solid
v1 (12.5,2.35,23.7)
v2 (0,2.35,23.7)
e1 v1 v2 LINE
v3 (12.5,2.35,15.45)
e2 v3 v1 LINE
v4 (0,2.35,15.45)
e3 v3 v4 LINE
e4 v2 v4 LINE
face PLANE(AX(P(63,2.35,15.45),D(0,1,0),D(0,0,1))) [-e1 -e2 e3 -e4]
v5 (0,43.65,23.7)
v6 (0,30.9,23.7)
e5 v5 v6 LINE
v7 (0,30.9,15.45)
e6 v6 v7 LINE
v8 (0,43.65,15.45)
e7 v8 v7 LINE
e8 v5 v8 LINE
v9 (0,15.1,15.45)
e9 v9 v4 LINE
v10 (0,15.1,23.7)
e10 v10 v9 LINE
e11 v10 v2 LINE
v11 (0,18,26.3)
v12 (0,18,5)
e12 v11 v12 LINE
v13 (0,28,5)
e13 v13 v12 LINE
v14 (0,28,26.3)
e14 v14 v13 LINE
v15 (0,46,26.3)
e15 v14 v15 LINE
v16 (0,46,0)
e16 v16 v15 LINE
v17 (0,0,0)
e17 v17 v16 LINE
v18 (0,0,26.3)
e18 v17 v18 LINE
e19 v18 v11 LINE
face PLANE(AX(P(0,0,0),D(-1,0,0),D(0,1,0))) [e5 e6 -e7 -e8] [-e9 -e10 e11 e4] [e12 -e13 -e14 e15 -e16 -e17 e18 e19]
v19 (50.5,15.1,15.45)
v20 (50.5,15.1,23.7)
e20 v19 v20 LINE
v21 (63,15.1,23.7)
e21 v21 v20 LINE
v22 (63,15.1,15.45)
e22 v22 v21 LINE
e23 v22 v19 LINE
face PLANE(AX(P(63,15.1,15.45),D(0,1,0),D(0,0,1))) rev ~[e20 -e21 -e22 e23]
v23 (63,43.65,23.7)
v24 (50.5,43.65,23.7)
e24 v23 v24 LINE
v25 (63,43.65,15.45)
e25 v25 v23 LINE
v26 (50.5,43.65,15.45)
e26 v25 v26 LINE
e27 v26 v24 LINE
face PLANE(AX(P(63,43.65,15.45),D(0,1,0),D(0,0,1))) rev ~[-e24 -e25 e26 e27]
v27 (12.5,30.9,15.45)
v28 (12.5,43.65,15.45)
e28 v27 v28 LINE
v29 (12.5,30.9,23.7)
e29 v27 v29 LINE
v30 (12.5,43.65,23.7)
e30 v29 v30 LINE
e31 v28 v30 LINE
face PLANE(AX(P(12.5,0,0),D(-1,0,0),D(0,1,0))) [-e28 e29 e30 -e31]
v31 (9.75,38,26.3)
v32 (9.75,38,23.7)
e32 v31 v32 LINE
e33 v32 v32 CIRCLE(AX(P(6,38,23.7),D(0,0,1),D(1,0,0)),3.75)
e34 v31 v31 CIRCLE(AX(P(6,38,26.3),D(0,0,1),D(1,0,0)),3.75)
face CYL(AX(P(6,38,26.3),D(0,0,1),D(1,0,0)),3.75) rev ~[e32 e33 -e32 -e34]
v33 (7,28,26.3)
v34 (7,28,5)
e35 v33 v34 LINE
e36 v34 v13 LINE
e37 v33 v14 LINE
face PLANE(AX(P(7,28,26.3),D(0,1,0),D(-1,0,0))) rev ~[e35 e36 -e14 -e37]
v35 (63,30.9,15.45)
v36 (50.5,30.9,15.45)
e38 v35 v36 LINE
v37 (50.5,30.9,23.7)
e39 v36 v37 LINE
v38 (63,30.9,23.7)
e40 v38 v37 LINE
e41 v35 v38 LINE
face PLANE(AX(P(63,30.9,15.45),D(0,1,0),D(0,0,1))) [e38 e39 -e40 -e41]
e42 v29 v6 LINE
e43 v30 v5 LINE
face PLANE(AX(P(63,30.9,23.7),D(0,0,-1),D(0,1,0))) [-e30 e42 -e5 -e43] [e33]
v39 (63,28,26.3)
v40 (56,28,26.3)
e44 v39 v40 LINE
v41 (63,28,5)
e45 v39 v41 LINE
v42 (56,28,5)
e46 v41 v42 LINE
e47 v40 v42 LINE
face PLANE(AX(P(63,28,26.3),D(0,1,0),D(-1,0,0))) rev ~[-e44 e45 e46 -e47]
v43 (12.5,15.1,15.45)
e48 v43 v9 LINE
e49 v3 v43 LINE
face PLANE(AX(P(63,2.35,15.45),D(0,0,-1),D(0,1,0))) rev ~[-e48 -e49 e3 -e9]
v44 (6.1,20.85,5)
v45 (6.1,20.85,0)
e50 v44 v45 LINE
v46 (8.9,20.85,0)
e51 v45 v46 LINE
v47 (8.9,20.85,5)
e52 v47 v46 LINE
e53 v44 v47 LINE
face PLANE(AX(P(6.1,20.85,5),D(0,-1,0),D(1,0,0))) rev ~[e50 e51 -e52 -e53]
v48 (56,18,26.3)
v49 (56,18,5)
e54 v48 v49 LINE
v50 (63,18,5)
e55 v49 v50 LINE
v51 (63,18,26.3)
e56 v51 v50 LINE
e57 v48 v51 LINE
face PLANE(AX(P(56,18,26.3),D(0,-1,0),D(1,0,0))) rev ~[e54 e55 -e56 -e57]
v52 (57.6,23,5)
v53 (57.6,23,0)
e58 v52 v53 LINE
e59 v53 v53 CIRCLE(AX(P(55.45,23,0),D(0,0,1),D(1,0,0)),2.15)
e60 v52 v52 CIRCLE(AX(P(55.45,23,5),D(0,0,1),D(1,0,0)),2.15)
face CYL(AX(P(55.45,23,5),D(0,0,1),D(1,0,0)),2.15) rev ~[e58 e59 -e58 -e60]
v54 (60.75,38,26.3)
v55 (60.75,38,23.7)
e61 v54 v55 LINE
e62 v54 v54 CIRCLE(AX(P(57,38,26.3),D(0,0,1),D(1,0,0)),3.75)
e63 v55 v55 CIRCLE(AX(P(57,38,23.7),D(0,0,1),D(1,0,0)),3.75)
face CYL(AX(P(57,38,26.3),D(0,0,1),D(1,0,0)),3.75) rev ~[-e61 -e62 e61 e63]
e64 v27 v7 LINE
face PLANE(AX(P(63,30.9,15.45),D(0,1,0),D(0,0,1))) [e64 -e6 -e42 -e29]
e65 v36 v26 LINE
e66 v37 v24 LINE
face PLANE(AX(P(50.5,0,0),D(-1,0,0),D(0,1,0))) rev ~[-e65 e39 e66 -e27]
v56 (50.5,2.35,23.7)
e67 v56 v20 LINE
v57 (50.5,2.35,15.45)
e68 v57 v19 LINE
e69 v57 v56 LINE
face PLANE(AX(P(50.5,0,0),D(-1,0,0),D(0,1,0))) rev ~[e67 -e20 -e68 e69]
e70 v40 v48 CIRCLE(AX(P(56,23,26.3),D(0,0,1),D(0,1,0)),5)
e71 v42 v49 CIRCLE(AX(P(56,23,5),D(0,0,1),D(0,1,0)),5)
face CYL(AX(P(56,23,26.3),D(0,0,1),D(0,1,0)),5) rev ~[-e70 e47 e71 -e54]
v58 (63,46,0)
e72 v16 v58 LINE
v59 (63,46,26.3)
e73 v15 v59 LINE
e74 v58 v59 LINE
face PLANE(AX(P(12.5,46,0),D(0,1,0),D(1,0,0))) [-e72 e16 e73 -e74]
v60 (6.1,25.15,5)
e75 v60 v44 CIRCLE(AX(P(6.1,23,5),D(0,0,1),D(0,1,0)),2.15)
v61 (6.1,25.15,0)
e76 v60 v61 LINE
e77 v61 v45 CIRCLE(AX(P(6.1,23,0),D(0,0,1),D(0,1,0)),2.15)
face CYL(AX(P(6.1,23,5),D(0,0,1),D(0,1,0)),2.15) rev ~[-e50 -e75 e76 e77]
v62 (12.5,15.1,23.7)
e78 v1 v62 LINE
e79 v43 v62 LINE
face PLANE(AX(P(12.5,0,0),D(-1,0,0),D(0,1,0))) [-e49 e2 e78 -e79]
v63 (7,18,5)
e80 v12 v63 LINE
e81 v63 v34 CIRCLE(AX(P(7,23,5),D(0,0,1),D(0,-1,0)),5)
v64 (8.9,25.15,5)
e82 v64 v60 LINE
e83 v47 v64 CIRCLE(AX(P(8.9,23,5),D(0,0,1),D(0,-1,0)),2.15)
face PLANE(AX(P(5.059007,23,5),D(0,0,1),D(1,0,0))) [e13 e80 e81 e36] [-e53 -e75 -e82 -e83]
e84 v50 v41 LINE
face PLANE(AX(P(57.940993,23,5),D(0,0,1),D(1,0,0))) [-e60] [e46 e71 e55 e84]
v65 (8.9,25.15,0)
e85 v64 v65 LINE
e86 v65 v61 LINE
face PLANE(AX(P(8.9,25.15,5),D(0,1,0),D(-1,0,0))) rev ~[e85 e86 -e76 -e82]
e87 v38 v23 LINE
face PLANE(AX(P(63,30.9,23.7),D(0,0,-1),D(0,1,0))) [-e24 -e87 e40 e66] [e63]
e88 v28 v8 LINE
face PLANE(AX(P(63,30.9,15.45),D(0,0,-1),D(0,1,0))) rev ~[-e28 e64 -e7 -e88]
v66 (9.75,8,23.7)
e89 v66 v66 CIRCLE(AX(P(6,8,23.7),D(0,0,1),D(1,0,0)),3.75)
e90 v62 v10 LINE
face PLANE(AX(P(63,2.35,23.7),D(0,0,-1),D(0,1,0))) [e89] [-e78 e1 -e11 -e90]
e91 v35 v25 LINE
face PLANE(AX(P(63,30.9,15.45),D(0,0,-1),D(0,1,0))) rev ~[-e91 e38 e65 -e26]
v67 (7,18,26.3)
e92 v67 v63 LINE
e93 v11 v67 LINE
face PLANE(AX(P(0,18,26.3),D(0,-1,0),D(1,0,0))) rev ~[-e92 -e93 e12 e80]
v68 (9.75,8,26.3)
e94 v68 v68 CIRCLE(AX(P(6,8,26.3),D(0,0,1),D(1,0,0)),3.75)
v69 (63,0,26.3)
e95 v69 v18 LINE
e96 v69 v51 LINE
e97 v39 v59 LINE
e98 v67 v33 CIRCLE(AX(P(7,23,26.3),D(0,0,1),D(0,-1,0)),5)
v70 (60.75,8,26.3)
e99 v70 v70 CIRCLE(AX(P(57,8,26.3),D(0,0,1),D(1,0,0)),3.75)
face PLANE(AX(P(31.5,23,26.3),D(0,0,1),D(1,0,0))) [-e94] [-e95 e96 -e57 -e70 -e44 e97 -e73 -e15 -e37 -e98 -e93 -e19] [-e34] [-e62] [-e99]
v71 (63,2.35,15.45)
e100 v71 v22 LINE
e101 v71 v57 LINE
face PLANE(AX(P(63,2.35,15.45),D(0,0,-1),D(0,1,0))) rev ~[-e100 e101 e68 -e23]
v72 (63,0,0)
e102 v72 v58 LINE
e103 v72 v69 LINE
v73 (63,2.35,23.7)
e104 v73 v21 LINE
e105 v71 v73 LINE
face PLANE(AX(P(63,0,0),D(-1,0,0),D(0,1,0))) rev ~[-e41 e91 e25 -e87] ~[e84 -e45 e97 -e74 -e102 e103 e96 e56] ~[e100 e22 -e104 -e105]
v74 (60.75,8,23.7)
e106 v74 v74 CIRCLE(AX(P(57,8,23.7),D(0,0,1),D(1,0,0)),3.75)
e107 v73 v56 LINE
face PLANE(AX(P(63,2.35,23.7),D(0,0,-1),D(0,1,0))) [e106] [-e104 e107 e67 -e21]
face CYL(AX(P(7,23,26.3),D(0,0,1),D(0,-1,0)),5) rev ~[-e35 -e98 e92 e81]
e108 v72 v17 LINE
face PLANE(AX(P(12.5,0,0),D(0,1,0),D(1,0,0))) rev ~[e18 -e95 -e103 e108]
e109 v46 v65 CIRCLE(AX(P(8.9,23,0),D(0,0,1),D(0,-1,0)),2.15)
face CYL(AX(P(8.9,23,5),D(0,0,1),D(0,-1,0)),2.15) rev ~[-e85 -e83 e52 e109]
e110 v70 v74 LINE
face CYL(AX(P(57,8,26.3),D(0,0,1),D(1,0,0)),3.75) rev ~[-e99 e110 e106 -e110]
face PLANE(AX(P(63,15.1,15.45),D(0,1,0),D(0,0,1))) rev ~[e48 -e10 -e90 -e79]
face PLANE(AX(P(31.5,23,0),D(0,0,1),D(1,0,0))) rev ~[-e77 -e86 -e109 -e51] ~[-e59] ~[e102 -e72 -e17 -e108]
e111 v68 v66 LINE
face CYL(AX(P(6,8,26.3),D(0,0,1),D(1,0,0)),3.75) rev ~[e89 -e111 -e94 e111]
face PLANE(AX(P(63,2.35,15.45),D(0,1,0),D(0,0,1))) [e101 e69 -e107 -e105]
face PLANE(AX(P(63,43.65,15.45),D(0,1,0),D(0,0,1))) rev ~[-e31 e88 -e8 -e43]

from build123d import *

# Parameters (mm, degrees)
F0_W      = 63
F0_H      = 46
F1_DEPTH  = 26.3
F3_DEPTH  = 21.3
F4_R      = 2.15
F5_DEPTH  = 5.001
F6_W      = 12.75
F6_H      = 8.25
F7_DEPTH  = 63.001
F8_W      = 38
F8_H      = 46
F9_DEPTH  = 26.3
F10_R     = 3.75
F11_DEPTH = 2.6


with BuildPart() as f1:
    # F0 (on Top) → F1 (new body)
    with BuildSketch(Plane.XY):
        with Locations((31.5, 23)):
            Rectangle(F0_W, F0_H)
    extrude(amount=F1_DEPTH)

    # F2 (on face) → F3 (cut)
    with BuildSketch(Plane.XY.offset(26.3)):
        with BuildLine():
            Line((7, 28), (0, 28))
            Line((0, 28), (0, 18))
            Line((0, 18), (7, 18))
            ThreePointArc((7, 18), (12, 23), (7, 28))
        make_face()
        with BuildLine():
            Line((63, 18), (63, 28))
            Line((63, 28), (56, 28))
            ThreePointArc((56, 28), (51, 23), (56, 18))
            Line((56, 18), (63, 18))
        make_face()
    extrude(amount=-F3_DEPTH, mode=Mode.SUBTRACT)

    # F4 (on face) → F5 (cut, through all)
    with BuildSketch(Plane.XY.offset(5)):
        with BuildLine():
            Line((8.9, 25.15), (6.1, 25.15))
            ThreePointArc((6.1, 25.15), (3.95, 23), (6.1, 20.85))
            Line((6.1, 20.85), (8.9, 20.85))
            ThreePointArc((8.9, 20.85), (11.05, 23), (8.9, 25.15))
        make_face()
        with Locations((55.45, 23)):
            Circle(F4_R)
    extrude(amount=-F5_DEPTH, mode=Mode.SUBTRACT)

    # F6 (on face) → F7 (cut, through all)
    with BuildSketch(Plane.YZ.offset(63)):
        with Locations((37.275, 19.575)):
            Rectangle(F6_W, F6_H)
        with Locations((8.725, 19.575)):
            Rectangle(F6_W, F6_H)
    extrude(amount=-F7_DEPTH, mode=Mode.SUBTRACT)

    # F8 (on Top) → F9 (join, through all)
    with BuildSketch(Plane.XY):
        with Locations((31.5, 23)):
            Rectangle(F8_W, F8_H)
    extrude(amount=F9_DEPTH)

    # F10 (on face) → F11 (cut, through all)
    with BuildSketch(Plane.XY.offset(26.3)):
        with Locations((6, 38)):
            Circle(F10_R)
        with Locations((6, 8)):
            Circle(F10_R)
        with Locations((57, 38)):
            Circle(F10_R)
        with Locations((57, 8)):
            Circle(F10_R)
    extrude(amount=-F11_DEPTH, mode=Mode.SUBTRACT)


solid = f1.part
